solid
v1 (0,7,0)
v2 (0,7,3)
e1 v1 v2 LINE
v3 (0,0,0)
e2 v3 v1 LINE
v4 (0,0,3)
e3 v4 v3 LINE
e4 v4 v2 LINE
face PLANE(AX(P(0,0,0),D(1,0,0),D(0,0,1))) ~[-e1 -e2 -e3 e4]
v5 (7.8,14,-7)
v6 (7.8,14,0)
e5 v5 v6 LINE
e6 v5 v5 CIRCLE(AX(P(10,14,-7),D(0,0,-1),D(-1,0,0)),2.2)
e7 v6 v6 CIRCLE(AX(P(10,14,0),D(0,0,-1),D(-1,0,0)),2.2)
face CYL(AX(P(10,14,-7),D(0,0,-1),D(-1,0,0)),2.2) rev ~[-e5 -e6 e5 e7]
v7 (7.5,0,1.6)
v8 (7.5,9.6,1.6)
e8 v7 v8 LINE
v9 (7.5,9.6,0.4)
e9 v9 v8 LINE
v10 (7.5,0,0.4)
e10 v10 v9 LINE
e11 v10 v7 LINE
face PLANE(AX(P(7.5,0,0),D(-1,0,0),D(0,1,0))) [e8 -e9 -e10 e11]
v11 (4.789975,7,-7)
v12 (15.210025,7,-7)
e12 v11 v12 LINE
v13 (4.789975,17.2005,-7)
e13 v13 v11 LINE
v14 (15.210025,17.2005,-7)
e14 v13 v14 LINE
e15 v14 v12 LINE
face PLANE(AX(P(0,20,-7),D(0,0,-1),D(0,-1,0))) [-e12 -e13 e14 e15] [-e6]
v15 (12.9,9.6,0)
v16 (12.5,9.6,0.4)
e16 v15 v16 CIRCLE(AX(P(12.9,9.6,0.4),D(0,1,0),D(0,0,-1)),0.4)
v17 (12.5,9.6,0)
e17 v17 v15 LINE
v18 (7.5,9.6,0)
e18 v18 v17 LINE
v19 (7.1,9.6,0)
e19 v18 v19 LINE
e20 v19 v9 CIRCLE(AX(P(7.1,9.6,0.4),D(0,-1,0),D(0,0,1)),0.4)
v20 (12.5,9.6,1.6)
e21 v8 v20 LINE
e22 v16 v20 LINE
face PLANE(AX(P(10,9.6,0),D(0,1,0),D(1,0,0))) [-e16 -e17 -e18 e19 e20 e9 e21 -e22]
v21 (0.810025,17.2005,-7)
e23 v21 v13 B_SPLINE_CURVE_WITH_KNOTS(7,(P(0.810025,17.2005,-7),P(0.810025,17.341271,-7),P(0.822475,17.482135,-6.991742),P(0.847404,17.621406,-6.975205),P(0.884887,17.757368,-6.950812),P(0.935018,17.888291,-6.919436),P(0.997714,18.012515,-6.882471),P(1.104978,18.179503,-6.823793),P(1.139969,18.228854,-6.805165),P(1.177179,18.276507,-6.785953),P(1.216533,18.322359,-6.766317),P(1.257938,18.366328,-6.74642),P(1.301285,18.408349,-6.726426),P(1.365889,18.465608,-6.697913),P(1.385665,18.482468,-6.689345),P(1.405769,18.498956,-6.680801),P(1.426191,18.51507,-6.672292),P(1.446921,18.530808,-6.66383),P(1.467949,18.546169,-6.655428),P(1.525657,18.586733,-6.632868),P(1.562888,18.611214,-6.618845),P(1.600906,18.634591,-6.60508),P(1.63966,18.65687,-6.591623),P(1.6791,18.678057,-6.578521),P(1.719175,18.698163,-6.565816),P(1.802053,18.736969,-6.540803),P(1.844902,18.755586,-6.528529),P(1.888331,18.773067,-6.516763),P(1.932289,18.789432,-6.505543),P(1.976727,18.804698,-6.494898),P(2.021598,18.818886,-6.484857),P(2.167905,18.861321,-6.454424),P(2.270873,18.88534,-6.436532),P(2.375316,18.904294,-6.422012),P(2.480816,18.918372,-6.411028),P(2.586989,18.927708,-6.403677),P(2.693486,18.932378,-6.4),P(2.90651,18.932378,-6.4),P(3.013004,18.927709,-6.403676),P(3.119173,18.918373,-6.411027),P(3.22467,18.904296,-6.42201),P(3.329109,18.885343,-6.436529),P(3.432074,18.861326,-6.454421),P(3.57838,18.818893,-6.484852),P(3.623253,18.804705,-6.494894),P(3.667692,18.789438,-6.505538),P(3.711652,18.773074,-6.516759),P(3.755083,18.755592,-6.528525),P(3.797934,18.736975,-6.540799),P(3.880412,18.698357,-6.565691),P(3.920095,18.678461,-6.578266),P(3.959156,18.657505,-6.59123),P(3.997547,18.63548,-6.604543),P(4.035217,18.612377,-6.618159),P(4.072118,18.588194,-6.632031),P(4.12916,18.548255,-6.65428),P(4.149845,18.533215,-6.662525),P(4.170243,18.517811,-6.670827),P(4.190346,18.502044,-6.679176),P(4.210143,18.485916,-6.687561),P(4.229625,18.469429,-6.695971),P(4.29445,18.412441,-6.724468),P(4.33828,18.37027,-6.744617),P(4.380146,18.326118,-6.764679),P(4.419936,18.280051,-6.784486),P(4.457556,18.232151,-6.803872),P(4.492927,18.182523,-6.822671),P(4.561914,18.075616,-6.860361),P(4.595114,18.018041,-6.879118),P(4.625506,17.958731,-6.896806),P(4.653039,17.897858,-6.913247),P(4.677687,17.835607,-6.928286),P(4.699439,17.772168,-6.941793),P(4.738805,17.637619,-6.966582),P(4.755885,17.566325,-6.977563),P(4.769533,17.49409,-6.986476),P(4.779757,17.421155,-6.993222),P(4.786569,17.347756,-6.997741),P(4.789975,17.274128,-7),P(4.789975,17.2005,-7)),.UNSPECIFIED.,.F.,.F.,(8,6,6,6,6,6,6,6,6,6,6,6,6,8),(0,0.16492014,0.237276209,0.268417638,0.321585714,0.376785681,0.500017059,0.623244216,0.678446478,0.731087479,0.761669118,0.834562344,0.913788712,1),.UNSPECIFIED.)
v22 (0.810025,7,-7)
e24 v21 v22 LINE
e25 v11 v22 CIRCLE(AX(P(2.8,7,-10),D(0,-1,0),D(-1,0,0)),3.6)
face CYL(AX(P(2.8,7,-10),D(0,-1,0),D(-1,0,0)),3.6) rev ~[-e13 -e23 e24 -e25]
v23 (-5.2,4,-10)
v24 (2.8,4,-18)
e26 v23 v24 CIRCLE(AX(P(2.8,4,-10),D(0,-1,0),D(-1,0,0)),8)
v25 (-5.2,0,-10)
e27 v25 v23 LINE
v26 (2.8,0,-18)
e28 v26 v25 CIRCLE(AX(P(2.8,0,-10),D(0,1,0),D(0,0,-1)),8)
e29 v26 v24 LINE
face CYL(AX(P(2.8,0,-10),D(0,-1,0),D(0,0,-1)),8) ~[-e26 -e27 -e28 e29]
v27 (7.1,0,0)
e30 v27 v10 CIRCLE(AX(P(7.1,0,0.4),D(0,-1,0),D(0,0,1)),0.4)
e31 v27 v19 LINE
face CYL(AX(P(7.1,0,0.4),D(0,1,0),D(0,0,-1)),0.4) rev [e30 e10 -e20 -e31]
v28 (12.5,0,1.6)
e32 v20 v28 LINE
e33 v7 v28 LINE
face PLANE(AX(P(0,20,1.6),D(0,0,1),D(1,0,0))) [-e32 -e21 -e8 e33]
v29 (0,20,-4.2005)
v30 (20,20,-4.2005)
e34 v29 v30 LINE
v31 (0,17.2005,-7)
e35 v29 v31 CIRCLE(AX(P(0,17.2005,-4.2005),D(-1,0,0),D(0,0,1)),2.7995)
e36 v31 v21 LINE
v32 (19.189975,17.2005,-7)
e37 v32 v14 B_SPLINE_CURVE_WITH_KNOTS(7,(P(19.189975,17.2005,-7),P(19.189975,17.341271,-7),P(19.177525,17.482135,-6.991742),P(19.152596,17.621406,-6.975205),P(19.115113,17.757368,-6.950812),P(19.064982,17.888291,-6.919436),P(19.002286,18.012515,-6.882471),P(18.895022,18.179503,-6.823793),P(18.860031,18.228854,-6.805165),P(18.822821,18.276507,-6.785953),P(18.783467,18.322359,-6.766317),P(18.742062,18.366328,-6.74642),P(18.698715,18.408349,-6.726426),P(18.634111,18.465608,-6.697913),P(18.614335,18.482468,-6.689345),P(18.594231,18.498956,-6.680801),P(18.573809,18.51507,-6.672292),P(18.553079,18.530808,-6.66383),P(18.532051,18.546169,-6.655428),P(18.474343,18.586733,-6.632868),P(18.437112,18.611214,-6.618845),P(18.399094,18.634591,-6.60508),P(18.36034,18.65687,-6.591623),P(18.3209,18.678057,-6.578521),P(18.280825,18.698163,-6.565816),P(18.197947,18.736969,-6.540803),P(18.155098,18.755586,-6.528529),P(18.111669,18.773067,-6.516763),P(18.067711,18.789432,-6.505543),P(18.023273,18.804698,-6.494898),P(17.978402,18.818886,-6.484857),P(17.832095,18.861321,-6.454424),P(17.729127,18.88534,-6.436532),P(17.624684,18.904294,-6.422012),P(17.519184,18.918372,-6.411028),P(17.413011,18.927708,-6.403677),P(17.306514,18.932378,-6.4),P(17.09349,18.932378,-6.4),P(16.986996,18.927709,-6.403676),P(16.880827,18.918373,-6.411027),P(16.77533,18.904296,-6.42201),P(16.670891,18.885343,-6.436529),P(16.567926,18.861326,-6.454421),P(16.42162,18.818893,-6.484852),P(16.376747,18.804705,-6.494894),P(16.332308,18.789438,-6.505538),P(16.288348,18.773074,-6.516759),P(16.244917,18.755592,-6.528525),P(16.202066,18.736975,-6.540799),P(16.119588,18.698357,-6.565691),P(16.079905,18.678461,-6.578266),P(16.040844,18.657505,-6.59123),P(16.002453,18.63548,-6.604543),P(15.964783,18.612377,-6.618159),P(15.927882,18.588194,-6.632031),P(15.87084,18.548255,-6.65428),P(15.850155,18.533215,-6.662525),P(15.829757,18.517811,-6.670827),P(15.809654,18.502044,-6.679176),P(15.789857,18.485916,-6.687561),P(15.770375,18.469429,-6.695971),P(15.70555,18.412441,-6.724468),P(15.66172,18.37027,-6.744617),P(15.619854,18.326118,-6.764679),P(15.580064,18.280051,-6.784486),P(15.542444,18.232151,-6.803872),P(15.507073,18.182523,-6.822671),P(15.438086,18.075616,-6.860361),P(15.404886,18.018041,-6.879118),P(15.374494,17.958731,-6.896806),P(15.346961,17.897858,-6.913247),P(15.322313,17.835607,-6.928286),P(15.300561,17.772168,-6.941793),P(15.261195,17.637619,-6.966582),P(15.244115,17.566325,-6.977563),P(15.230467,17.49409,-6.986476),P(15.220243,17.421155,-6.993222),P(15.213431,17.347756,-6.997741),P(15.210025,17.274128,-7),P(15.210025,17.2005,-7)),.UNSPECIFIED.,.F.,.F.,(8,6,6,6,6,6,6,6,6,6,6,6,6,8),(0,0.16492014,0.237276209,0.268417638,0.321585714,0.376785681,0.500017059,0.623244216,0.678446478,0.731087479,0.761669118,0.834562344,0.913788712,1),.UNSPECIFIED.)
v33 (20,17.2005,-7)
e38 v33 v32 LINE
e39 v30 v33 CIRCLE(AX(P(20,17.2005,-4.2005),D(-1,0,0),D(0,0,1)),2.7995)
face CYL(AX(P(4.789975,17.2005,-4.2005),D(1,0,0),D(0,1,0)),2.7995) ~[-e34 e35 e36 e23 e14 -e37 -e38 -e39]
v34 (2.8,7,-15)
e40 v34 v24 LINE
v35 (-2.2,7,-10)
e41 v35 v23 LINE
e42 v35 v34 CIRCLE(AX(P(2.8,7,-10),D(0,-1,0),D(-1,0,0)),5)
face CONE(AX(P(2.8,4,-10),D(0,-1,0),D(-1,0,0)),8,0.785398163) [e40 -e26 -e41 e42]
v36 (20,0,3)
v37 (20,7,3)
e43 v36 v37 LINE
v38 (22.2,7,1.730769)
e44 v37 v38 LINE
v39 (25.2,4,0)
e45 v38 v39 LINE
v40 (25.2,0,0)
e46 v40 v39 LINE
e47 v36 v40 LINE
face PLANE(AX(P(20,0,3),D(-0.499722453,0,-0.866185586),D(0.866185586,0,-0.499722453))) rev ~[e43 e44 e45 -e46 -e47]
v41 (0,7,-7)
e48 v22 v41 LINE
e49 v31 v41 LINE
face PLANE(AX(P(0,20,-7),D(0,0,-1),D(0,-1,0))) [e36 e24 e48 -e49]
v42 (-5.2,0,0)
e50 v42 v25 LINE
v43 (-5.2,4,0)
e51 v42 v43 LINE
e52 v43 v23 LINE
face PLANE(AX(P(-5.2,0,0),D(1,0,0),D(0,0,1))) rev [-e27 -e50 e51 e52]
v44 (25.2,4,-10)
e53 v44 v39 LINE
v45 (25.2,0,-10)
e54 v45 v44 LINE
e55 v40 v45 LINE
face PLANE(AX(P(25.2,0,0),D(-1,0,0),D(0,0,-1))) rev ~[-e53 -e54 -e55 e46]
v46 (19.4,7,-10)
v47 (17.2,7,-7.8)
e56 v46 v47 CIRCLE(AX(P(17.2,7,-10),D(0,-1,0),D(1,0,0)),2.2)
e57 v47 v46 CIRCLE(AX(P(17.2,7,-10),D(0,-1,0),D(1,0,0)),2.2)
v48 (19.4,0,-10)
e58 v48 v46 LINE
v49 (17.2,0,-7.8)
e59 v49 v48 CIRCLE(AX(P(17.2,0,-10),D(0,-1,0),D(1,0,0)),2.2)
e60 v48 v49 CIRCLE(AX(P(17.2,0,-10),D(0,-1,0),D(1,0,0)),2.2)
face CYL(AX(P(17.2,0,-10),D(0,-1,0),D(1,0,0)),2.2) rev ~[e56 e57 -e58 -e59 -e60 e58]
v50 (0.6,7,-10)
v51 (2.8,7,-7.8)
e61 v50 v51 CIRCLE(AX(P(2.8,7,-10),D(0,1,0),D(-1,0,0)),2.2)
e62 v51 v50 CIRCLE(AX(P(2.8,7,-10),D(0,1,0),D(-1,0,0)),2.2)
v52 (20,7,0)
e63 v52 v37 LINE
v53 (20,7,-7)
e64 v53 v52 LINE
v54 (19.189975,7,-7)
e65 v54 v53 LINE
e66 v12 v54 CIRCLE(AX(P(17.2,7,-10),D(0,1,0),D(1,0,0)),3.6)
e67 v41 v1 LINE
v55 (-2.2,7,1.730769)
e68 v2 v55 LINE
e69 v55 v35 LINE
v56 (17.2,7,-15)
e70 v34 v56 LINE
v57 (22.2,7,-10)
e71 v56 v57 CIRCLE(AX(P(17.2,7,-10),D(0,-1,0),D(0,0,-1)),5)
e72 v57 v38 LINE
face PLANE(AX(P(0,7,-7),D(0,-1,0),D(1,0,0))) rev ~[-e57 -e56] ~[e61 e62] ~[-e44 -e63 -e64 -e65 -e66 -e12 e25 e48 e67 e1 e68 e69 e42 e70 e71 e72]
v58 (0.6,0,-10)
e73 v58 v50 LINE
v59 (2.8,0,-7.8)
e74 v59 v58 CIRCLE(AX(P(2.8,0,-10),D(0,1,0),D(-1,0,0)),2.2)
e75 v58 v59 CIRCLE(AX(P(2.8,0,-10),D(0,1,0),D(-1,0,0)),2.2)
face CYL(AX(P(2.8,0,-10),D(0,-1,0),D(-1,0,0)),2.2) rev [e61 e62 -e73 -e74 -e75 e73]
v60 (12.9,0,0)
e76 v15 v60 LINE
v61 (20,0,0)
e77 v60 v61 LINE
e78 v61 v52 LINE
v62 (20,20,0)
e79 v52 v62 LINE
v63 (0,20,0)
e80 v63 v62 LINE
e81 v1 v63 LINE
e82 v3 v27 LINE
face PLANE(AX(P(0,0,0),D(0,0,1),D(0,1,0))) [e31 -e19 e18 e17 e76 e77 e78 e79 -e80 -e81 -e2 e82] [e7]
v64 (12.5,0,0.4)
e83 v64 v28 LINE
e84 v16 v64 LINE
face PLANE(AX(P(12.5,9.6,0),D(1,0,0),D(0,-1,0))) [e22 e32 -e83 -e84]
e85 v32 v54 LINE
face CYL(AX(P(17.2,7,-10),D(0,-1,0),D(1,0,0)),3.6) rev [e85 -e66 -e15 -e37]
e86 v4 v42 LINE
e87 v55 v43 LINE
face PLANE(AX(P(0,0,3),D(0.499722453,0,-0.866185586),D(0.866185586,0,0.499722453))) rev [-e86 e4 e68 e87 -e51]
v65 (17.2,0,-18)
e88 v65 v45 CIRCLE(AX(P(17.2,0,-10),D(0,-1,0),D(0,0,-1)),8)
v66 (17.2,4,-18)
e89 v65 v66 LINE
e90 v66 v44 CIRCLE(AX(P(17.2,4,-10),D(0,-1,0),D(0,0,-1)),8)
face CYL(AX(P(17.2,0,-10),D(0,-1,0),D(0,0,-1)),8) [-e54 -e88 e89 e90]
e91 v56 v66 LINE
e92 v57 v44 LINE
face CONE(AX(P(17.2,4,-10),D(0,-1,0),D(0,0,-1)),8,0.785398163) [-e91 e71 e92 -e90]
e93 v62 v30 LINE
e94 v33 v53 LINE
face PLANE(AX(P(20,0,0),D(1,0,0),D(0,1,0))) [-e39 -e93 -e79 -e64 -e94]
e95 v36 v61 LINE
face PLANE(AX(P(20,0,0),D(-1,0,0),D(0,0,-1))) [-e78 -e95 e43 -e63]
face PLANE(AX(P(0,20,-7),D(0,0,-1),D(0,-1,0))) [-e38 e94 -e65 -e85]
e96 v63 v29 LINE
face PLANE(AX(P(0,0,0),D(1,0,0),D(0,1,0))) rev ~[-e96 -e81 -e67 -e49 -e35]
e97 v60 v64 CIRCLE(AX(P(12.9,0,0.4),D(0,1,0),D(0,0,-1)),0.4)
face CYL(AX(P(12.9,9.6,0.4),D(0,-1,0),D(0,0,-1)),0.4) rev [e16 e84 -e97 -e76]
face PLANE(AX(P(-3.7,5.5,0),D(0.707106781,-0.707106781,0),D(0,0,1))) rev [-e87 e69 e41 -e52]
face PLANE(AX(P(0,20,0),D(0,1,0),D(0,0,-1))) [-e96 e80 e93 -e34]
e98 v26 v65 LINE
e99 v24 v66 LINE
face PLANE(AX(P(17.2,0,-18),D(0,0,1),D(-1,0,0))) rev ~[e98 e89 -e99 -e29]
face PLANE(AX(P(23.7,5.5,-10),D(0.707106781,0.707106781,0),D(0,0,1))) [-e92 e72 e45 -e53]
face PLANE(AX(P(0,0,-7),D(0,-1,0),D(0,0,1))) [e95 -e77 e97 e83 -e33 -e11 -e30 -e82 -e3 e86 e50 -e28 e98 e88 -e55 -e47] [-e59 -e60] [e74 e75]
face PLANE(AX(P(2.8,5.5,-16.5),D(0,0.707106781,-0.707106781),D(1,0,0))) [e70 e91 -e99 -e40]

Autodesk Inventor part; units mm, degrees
ref_plane "YZ Plane" through (0, 0, 0) normal (1, 0, 0) x (0, 1, 0)
ref_plane "XZ Plane" through (0, 0, 0) normal (0, 1, 0) x (-1, 0, 0)
ref_plane "XY Plane" through (0, 0, 0) normal (0, 0, 1) x (1, 0, 0)
sketch "Sketch1" plane through (0, 0, 0) normal (1, 0, 0) x (0, 1, 0)
  line L0 (0, 0) -> (20, 0)
  line L1 (20, 0) -> (20, -7)
  line L2 (20, -7) -> (0, -7)
  line L3 (0, -7) -> (0, 0)
  dimension "d18" = 20
  dimension "d19" = 7
extrude "Extrusion1" add sketch "Sketch1" along normal blind 20
sketch "Sketch2" plane through (0, 8.5, -7) normal (0, 0, -1) x (-1, 0, 0)
  line L0 (0, 11.5) -> (0, 0) projected
  line L1 (0, 11.5) -> (-20, 11.5) projected
  line L2 (-20, 0) -> (-20, 11.5) projected
  line L3 (0, 0) -> (-20, 0) projected
  line L4 (0, 11.5) -> (-20, 11.5) projected
  line L5 (-10, 11.5) -> (-10, 5.5)
  circle A0 centre (-10, 5.5) radius 2.2
  line L6 (0, 11.5) -> (-20, 11.5) projected
  point P0 (0, -8.5)
  dimension "d6" = 6
  dimension "d7" = 4.4
extrude "Extrusion2" cut sketch "Sketch2" against normal through all contours A0
sketch "Sketch11" plane through (0, 0, -7) normal (0, -1, 0) x (1, 0, 0)
  line L0 (0, 0) -> (20, 0) projected
  line L1 (10, 0) -> (17.2, 0)
  line L2 (20, 7) -> (20, 0) projected
  arc A0 (17.2, -11) -> (25.2, -3) centre (17.2, -3) ccw
  line L3 (10, 0) -> (10, -11)
  line L4 (17.2, -11) -> (10, -11)
  line L5 (25.2, 7) -> (25.2, -3)
  circle A1 centre (17.2, -3) radius 2.2
  line L6 (0, 7) -> (20, 7) projected
  line L7 (25.2, 7) -> (20, 7)
  line L8 (20, 7) -> (20, 10)
  line L9 (20, 10) -> (25.2, 7)
  line L10 (17.2, -3) -> (17.2, 7)
  point P0 (13.4, 7)
  dimension "d58" = 7.2
  dimension "d66" = 4.4
  dimension "d72" = 3
  dimension "d73" = 10
  dimension "d75" = 8
extrude "Extrusion10" add sketch "Sketch11" against normal blind 7 contours L0 L2 L7 L5 A0 L4 L3 | L8 L9 L7
sketch "Sketch14" plane through (0, 7, -7) normal (0, 1, 0) x (1, 0, 0)
  circle A0 centre (17.2, 3) radius 2.2 projected
  circle A1 centre (17.2, 3) radius 3.6
  point P0 (0, -7)
  dimension "d76" = 7.2
extrude "Extrusion11" cut sketch "Sketch14" along normal through all
mirror "Mirror4" about plane through (10, 0, -18) normal (-1, 0, 0) of "Extrusion10", "Extrusion11"
fillet "Fillet3" radius 2.8 1 edges at (10, 20, -7)
chamfer "Chamfer1" distance 3 angle 45 5 edges at (10, 7, -18) (-2.8569, 7, -15.6569) (-5.2, 7, -5) (22.8569, 7, -15.6569) (25.2, 7, -5)
sketch "Sketch15" plane through (0, 20, 0) normal (0, 0, 1) x (1, 0, 0)
  circle A0 centre (10, -6) radius 2.2 projected
  line L0 (10, -6) -> (10, -10.4)
  line L1 (2.8, -20) -> (17.2, -20) projected
  line L2 (7.5, -10.4) -> (12.5, -10.4)
  line L3 (12.5, -10.4) -> (12.5, -20)
  line L4 (12.5, -20) -> (7.5, -20)
  line L5 (7.5, -20) -> (7.5, -10.4)
  point P0 (0, -20)
  dimension "d83" = 4.4
  dimension "d84" = 5
extrude "Extrusion12" add sketch "Sketch15" along normal blind 1.6 contours L2 L3 L1 L5
fillet "Fillet4" radius 0.4 2 edges at (12.5, 4.8, 0) (7.5, 4.8, 0)
properties part number "Ljoint"
